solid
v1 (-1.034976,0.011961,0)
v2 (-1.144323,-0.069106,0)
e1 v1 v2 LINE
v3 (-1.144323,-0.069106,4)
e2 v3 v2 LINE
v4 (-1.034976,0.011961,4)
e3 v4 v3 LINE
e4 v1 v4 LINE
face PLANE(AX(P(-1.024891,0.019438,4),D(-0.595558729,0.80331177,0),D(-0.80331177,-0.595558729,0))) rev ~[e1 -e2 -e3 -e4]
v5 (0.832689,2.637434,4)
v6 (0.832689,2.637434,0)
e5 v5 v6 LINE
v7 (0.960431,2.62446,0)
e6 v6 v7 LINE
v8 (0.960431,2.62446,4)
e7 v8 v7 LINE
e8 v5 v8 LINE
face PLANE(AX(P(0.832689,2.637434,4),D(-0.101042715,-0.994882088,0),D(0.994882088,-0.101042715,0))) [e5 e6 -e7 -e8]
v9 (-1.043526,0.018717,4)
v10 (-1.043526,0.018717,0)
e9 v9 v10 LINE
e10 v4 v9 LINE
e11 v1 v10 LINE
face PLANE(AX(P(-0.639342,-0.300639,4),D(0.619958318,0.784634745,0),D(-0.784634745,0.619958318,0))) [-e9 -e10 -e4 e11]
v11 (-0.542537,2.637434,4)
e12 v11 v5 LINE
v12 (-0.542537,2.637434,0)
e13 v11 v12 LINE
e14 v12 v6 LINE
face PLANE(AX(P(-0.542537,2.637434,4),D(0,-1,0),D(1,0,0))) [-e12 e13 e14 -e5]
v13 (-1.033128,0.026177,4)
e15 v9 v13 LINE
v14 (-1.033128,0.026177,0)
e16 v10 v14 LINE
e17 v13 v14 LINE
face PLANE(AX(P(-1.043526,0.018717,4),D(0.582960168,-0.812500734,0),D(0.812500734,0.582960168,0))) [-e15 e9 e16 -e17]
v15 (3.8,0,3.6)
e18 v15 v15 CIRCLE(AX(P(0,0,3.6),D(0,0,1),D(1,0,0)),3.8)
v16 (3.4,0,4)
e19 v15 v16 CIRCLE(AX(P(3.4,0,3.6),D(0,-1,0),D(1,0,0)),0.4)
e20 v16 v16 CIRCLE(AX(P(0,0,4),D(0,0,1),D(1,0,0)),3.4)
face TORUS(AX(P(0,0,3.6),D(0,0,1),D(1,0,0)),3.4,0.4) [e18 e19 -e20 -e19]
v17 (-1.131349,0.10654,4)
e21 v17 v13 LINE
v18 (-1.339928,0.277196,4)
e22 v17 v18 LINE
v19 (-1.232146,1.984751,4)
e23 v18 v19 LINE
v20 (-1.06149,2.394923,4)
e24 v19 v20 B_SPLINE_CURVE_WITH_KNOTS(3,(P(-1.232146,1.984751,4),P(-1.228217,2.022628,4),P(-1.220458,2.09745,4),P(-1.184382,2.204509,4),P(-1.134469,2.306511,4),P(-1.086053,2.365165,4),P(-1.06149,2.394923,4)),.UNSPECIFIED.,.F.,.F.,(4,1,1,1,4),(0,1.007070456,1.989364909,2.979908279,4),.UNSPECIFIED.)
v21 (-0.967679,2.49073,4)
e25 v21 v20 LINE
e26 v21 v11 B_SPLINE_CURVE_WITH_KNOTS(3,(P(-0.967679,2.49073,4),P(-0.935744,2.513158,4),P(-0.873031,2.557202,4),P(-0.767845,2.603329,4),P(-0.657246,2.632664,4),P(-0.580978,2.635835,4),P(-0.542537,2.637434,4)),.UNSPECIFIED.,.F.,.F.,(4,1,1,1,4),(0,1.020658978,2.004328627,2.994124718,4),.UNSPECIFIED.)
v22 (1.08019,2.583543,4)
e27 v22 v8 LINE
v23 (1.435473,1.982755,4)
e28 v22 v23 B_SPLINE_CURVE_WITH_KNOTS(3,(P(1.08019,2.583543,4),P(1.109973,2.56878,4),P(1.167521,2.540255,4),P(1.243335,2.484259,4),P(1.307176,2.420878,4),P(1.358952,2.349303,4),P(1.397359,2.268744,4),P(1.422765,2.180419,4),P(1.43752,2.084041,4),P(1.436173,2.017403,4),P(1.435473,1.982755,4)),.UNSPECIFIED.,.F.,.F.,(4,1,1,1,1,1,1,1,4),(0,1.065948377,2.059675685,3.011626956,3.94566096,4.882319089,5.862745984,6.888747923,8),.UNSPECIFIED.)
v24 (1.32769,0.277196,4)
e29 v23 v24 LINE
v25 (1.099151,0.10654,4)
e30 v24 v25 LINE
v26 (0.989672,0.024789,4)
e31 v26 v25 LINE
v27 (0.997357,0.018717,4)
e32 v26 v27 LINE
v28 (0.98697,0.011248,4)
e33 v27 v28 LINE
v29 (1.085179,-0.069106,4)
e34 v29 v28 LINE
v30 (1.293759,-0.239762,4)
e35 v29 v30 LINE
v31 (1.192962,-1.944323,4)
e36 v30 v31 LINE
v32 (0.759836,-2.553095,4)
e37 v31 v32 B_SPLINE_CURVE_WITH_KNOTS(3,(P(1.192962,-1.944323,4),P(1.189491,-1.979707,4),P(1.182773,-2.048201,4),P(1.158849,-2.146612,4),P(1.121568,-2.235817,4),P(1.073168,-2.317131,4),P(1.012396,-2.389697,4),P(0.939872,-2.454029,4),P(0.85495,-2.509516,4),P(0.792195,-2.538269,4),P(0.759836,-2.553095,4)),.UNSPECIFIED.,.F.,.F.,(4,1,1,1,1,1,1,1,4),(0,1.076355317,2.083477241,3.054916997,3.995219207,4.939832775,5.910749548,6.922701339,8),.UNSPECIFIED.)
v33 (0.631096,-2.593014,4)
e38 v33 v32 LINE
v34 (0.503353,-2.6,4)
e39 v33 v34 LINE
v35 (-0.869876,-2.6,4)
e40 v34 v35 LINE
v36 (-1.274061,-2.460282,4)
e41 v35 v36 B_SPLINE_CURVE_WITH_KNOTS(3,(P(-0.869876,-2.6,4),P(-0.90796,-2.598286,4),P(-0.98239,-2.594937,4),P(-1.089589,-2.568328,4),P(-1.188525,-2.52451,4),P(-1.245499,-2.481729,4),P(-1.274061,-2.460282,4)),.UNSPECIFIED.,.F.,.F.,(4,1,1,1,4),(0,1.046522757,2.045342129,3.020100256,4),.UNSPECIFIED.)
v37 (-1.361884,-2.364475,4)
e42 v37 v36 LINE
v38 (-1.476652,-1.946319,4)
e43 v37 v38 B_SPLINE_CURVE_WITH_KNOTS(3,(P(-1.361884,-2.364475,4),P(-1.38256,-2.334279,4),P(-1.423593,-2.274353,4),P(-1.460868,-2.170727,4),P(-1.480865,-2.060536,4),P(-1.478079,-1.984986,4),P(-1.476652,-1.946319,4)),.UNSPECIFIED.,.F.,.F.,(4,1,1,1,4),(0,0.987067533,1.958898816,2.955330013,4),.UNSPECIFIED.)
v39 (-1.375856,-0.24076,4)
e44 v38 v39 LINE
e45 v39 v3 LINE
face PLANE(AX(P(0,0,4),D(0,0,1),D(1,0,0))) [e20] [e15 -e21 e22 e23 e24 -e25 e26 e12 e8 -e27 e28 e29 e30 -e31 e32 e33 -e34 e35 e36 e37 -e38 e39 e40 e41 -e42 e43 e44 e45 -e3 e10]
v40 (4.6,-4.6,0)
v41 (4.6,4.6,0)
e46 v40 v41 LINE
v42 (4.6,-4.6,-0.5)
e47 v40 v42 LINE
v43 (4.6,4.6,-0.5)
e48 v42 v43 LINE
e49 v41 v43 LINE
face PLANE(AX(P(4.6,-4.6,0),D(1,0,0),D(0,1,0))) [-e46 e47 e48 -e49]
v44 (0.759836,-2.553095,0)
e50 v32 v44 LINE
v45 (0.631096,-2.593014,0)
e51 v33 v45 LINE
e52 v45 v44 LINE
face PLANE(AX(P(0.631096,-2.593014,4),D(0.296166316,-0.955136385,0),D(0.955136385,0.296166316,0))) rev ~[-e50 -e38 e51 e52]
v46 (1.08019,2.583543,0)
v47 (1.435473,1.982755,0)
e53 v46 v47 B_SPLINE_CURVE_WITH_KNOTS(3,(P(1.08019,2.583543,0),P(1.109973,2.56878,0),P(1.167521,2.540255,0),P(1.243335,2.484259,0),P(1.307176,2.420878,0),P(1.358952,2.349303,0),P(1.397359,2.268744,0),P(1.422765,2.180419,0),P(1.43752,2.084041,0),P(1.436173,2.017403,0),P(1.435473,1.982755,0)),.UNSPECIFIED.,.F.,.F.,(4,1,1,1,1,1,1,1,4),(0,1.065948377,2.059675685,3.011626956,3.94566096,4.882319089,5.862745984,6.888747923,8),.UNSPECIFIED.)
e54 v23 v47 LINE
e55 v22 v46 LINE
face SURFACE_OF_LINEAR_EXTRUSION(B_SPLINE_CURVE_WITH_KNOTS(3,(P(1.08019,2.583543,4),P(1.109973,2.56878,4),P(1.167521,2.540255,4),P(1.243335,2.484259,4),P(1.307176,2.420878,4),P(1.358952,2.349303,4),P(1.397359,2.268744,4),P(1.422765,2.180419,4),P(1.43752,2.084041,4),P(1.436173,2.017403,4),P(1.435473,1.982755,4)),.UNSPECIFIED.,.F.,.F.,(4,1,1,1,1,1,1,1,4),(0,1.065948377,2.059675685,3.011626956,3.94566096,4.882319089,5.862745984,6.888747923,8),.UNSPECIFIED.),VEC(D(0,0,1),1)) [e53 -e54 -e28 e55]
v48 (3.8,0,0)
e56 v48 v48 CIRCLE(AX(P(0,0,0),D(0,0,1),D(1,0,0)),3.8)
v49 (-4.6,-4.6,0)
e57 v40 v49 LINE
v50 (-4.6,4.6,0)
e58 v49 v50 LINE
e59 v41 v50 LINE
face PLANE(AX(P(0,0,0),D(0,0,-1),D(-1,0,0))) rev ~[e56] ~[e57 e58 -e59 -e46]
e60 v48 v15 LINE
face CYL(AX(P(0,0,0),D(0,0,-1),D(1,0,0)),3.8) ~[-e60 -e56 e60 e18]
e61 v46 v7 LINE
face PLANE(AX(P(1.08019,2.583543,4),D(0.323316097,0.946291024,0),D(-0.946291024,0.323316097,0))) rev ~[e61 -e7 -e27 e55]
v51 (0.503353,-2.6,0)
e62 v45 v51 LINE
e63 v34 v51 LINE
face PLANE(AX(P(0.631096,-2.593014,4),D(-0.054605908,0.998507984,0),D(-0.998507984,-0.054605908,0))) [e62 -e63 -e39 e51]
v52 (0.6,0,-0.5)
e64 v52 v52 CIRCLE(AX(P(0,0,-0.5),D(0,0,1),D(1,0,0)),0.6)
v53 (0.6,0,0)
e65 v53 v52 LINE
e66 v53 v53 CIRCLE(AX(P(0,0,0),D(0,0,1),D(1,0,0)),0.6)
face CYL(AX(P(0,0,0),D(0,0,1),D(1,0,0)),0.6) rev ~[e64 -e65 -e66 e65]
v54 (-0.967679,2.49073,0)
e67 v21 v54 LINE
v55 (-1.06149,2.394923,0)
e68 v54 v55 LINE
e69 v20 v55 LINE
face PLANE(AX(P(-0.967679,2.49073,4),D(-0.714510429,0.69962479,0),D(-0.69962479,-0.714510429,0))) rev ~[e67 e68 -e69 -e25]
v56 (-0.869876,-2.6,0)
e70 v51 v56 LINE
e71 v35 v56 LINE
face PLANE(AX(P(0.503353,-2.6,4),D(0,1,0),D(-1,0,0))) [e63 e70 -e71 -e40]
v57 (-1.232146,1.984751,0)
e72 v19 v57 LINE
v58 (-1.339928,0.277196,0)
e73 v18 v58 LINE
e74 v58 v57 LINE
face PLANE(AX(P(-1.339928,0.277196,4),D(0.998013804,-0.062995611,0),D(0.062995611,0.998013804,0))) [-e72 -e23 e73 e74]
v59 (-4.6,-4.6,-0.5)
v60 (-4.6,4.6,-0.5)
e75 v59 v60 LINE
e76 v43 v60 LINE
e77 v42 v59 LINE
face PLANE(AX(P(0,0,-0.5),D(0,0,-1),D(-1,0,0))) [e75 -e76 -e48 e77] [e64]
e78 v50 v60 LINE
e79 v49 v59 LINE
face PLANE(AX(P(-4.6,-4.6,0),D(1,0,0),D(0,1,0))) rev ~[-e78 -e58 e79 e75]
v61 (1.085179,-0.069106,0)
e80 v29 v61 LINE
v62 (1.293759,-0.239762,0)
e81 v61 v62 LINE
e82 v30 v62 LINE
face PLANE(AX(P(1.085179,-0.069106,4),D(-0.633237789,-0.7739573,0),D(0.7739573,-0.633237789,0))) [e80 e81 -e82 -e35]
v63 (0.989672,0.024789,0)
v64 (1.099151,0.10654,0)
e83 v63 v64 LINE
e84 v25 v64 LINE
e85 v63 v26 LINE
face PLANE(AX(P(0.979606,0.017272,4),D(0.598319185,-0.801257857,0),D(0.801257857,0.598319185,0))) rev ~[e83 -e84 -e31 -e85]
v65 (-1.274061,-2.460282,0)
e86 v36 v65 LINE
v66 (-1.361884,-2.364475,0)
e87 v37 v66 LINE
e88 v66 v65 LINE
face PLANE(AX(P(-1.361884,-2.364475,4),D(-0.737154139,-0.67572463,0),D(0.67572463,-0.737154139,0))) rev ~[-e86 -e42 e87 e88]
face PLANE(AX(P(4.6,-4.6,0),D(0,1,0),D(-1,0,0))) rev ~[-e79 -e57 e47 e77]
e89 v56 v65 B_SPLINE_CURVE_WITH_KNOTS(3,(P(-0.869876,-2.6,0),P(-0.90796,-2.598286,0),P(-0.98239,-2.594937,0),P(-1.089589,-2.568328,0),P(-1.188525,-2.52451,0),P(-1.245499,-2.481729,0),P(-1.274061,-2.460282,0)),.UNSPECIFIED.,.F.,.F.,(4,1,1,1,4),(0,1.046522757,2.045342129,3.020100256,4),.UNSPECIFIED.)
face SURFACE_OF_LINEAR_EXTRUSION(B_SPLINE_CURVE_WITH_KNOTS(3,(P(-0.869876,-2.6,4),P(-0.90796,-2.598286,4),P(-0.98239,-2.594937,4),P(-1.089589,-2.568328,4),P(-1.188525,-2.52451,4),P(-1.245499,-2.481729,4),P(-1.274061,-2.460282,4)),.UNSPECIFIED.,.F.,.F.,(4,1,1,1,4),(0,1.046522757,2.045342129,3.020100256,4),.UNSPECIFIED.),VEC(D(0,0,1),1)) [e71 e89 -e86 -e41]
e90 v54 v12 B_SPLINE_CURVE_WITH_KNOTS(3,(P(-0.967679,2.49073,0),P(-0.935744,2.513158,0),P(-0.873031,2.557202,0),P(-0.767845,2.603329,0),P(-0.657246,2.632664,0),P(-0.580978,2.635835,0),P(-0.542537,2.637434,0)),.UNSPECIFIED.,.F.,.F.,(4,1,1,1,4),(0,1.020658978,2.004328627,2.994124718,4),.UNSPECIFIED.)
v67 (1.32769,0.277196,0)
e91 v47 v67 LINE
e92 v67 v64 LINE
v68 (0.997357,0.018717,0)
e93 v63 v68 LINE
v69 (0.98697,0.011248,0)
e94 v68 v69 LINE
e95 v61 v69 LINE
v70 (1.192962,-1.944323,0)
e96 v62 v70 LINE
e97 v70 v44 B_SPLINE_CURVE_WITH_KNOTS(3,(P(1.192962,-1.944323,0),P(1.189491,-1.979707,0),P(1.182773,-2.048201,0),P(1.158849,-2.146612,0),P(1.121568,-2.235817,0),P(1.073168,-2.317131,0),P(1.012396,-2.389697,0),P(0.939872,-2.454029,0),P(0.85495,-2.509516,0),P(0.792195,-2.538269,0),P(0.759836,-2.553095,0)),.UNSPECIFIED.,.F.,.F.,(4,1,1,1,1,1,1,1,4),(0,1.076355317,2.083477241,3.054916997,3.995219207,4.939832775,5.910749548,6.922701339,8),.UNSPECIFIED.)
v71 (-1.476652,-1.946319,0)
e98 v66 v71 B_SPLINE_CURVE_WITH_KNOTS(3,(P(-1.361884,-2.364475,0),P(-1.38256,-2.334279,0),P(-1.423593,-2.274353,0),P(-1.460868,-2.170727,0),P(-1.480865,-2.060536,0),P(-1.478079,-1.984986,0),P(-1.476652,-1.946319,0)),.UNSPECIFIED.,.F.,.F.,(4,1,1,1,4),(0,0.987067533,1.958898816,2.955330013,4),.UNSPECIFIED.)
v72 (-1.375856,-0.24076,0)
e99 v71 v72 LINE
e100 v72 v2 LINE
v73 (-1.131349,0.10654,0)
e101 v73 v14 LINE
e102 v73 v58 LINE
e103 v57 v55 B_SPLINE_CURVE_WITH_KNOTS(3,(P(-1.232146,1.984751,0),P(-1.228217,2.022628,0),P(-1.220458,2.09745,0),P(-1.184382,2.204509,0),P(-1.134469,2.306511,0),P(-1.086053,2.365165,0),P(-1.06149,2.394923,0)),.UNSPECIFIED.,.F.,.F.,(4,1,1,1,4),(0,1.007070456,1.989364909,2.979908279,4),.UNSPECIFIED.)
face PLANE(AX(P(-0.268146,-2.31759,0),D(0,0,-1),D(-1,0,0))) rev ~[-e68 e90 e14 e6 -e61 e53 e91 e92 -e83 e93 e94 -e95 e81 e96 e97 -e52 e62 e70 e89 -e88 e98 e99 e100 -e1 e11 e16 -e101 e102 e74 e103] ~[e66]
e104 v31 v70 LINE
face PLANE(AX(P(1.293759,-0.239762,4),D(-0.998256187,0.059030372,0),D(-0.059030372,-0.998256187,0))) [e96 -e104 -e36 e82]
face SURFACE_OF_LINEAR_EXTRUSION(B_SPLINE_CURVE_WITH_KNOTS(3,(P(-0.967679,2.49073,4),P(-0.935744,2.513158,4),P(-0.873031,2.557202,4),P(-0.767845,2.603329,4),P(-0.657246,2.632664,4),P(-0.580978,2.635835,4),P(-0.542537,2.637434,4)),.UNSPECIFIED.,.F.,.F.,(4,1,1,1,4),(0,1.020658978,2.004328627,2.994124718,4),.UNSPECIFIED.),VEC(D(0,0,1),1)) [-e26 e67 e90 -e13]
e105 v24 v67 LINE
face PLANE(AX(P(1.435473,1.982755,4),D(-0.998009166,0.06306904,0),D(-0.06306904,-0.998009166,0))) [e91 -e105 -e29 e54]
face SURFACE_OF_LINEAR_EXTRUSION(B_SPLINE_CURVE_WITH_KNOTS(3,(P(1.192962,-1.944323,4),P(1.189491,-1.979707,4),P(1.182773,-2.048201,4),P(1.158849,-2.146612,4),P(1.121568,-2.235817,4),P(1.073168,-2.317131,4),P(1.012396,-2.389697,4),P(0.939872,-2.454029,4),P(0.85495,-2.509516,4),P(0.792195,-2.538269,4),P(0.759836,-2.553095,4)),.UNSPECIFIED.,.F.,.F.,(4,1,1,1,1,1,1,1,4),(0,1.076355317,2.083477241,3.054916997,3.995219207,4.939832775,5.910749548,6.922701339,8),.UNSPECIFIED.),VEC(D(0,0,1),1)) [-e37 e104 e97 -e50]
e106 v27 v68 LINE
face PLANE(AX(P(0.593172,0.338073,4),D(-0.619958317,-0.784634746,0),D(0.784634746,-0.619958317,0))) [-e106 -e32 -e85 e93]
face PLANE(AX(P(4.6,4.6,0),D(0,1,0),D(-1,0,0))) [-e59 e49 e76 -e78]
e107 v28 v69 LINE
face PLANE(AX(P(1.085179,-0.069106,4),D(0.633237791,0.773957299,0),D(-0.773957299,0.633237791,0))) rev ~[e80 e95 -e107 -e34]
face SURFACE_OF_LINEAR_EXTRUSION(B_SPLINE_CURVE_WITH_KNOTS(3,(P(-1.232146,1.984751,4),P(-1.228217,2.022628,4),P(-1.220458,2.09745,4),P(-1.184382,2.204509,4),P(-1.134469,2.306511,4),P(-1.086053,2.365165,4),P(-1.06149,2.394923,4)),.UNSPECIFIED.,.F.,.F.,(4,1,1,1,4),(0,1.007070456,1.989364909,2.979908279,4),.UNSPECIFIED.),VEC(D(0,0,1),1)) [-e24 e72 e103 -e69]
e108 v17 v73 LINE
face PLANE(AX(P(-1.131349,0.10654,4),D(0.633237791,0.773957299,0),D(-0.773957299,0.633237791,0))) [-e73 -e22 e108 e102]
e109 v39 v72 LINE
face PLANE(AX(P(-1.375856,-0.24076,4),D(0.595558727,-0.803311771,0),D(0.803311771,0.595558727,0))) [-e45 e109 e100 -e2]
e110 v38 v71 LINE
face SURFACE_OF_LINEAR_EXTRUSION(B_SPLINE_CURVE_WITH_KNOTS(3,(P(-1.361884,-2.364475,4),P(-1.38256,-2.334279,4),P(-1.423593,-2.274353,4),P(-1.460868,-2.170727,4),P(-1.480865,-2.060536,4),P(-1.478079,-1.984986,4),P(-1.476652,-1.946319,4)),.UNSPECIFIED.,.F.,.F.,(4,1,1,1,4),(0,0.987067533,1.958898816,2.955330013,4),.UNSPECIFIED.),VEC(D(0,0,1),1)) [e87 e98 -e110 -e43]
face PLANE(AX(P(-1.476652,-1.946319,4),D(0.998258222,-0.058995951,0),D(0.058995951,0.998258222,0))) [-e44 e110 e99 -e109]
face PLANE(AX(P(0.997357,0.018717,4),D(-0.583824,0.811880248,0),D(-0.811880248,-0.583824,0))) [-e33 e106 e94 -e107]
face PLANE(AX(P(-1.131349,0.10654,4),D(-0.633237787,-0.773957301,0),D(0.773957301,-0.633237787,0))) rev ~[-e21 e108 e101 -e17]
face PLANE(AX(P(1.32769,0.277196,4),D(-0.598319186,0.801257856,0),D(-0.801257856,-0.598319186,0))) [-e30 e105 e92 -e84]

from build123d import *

# Parameters (mm, degrees)
SKETCH_1_R          = 3.8
EXTRUDE_1_DEPTH     = 4
SKETCH_2_W          = 9.2
SKETCH_2_H          = 9.2
EXTRUDE_2_DEPTH     = 0.5
FILLET_1_R          = 0.4
CUT_EXTRUDE_1_DEPTH = 4
CUT_EXTRUDE_2_DEPTH = 4
SKETCH_6_R          = 0.6
CUT_EXTRUDE_3_DEPTH = 8.636753289


with BuildPart() as part:
    # Эскиз1 → Бобышка-Вытянуть1 (new body)
    with BuildSketch(Plane.XY):
        Circle(SKETCH_1_R)
    extrude(amount=EXTRUDE_1_DEPTH)

    # Эскиз2 → Бобышка-Вытянуть2 (add)
    with BuildSketch(Plane(origin=(0, 0, 0), x_dir=(-1, 0, 0), z_dir=(0, 0, -1))):
        Rectangle(SKETCH_2_W, SKETCH_2_H)
    extrude(amount=EXTRUDE_2_DEPTH)

    # Скругление1
    fillet_1_edges = [part.edges().sort_by_distance(p)[0] for p in [
        (-3.8, 0, 4),
    ]]
    fillet(fillet_1_edges, radius=FILLET_1_R)

    # Эскиз3 → Вырез-Вытянуть1 (cut)
    with BuildSketch(Plane.XY.offset(4)):
        with BuildLine():
            Line((0.690974718, 1.998722557), (-0.494633441, 1.998722557))
            Line((-0.494633441, 1.998722557), (-0.967679121, 2.490729983))
            add(Edge.make_bspline(
                [(-0.967679121, 2.490729983), (-0.935743796, 2.513158419), (-0.873030504, 2.557202469), (-0.767844988, 2.603328706), (-0.657245689, 2.632663902), (-0.580977928, 2.635835465), (-0.542536801, 2.637434023)],
                knots=[0, 0, 0, 0, 1.020658978, 2.004328627, 2.994124718, 4, 4, 4, 4], degree=3))
            Line((-0.542536801, 2.637434023), (0.832688825, 2.637434023))
            Line((0.832688825, 2.637434023), (0.960431118, 2.624460196))
            Line((0.960431118, 2.624460196), (0.690974718, 1.998722557))
        make_face()
        with BuildLine():
            Line((0.783787478, 1.88096013), (1.080189518, 2.583542743))
            add(Edge.make_bspline(
                [(1.080189518, 2.583542743), (1.109972559, 2.568779947), (1.167520755, 2.540254577), (1.243334529, 2.484258604), (1.307175652, 2.420878144), (1.358952297, 2.349302652), (1.397359267, 2.268743846), (1.422764532, 2.180418501), (1.437519643, 2.084041158), (1.436172967, 2.017402915), (1.435472771, 1.98275477)],
                knots=[0, 0, 0, 0, 1.065948377, 2.059675685, 3.011626956, 3.94566096, 4.882319089, 5.862745984, 6.888747923, 8, 8, 8, 8], degree=3))
            Line((1.435472771, 1.98275477), (1.327690211, 0.277195558))
            Line((1.327690211, 0.277195558), (1.099151265, 0.106539838))
            Line((1.099151265, 0.106539838), (0.689976732, 0.433879465))
            Line((0.689976732, 0.433879465), (0.783787478, 1.88096013))
        make_face()
        with BuildLine():
            Line((0.639079412, -0.397443428), (1.085179451, -0.069105815))
            Line((1.085179451, -0.069105815), (1.293758665, -0.239761535))
            Line((1.293758665, -0.239761535), (1.192962011, -1.94432276))
            add(Edge.make_bspline(
                [(1.192962011, -1.94432276), (1.189491314, -1.97970738), (1.182773161, -2.048200607), (1.158848827, -2.146611673), (1.121568365, -2.235816828), (1.073168163, -2.317130934), (1.012395956, -2.389697225), (0.939872486, -2.454028672), (0.854949528, -2.509516087), (0.79219465, -2.538268676), (0.759835798, -2.553094627)],
                knots=[0, 0, 0, 0, 1.076355317, 2.083477241, 3.054916997, 3.995219207, 4.939832775, 5.910749548, 6.922701339, 8, 8, 8, 8], degree=3))
            Line((0.759835798, -2.553094627), (0.544270678, -1.848516041))
            Line((0.544270678, -1.848516041), (0.639079412, -0.397443428))
        make_face()
        with BuildLine():
            Line((-0.742134134, -1.961288534), (0.442476038, -1.961288534))
            Line((0.442476038, -1.961288534), (0.631095518, -2.593014093))
            Line((0.631095518, -2.593014093), (0.503353225, -2.6))
            Line((0.503353225, -2.6), (-0.869876427, -2.6))
            add(Edge.make_bspline(
                [(-0.869876427, -2.6), (-0.907959732, -2.598286355), (-0.982390401, -2.594937176), (-1.089588752, -2.568328401), (-1.188525215, -2.524510079), (-1.245499134, -2.481728782), (-1.274061027, -2.460281867)],
                knots=[0, 0, 0, 0, 1.046522757, 2.045342129, 3.020100256, 4, 4, 4, 4], degree=3))
            Line((-1.274061027, -2.460281867), (-0.742134134, -1.961288534))
        make_face()
        with BuildLine():
            Line((-0.827960987, -1.857497921), (-1.361883854, -2.364475147))
            add(Edge.make_bspline(
                [(-1.361883854, -2.364475147), (-1.382559986, -2.334279014), (-1.423593096, -2.274352853), (-1.460868358, -2.170727201), (-1.480865064, -2.060535537), (-1.47807852, -1.984986172), (-1.47665232, -1.946318734)],
                knots=[0, 0, 0, 0, 0.987067533, 1.958898816, 2.955330013, 4, 4, 4, 4], degree=3))
            Line((-1.47665232, -1.946318734), (-1.375855667, -0.240759522))
            Line((-1.375855667, -0.240759522), (-1.14432276, -0.069105815))
            Line((-1.14432276, -0.069105815), (-0.733152254, -0.398441415))
            Line((-0.733152254, -0.398441415), (-0.827960987, -1.857497921))
        make_face()
        with BuildLine():
            Line((-0.684250907, 0.434877451), (-1.131348934, 0.106539838))
            Line((-1.131348934, 0.106539838), (-1.339928147, 0.277195558))
            Line((-1.339928147, 0.277195558), (-1.232145587, 1.984750744))
            add(Edge.make_bspline(
                [(-1.232145587, 1.984750744), (-1.228217454, 2.022627769), (-1.220457829, 2.097449969), (-1.184381891, 2.204509013), (-1.134468518, 2.306511141), (-1.086053255, 2.365165228), (-1.061489867, 2.394923263)],
                knots=[0, 0, 0, 0, 1.007070456, 1.989364909, 2.979908279, 4, 4, 4, 4], degree=3))
            Line((-1.061489867, 2.394923263), (-0.590440161, 1.888944024))
            Line((-0.590440161, 1.888944024), (-0.684250907, 0.434877451))
        make_face()
        Polygon((-1.043526107, 0.018717012), (-0.598424054, 0.338072745), (0.593172025, 0.338072745), (0.997356625, 0.018717012), (0.553252558, -0.300638722), (-0.639341507, -0.300638722), align=None)
    extrude(amount=-CUT_EXTRUDE_1_DEPTH, mode=Mode.SUBTRACT)

    # Эскиз5 → Вырез-Вытянуть2 (cut)
    with BuildSketch(Plane.XY.offset(4)):
        with BuildLine():
            Line((1.080189518, 2.583542743), (0.960431118, 2.624460196))
            Line((0.960431118, 2.624460196), (0.832688825, 2.637434023))
            Line((0.832688825, 2.637434023), (-0.542536801, 2.637434023))
            add(Edge.make_bspline(
                [(-0.967679121, 2.490729983), (-0.935743796, 2.513158419), (-0.873030504, 2.557202469), (-0.767844988, 2.603328706), (-0.657245689, 2.632663902), (-0.580977928, 2.635835465), (-0.542536801, 2.637434023)],
                knots=[0, 0, 0, 0, 0.255164744, 0.501082157, 0.74853118, 1, 1, 1, 1], degree=3))
            Line((-0.967679121, 2.490729983), (-1.061489867, 2.394923263))
            add(Edge.make_bspline(
                [(-1.232145587, 1.984750744), (-1.228217454, 2.022627769), (-1.220457829, 2.097449969), (-1.184381891, 2.204509013), (-1.134468518, 2.306511141), (-1.086053255, 2.365165228), (-1.061489867, 2.394923263)],
                knots=[0, 0, 0, 0, 0.251767614, 0.497341227, 0.74497707, 1, 1, 1, 1], degree=3))
            Line((-1.232145587, 1.984750744), (-1.339928147, 0.277195558))
            Line((-1.339928147, 0.277195558), (-1.131348934, 0.106539838))
            Line((-1.131348934, 0.106539838), (-1.024891339, 0.01943817))
            Line((-1.024891339, 0.01943817), (-1.14432276, -0.069105815))
            Line((-1.14432276, -0.069105815), (-1.375855667, -0.240759522))
            Line((-1.375855667, -0.240759522), (-1.47665232, -1.946318734))
            add(Edge.make_bspline(
                [(-1.361883854, -2.364475147), (-1.382559986, -2.334279014), (-1.423593096, -2.274352853), (-1.460868358, -2.170727201), (-1.480865064, -2.060535537), (-1.47807852, -1.984986172), (-1.47665232, -1.946318734)],
                knots=[0, 0, 0, 0, 0.246766883, 0.489724704, 0.738832503, 1, 1, 1, 1], degree=3))
            Line((-1.361883854, -2.364475147), (-1.274061027, -2.460281867))
            add(Edge.make_bspline(
                [(-0.869876427, -2.6), (-0.907959732, -2.598286355), (-0.982390401, -2.594937176), (-1.089588752, -2.568328401), (-1.188525215, -2.524510079), (-1.245499134, -2.481728782), (-1.274061027, -2.460281867)],
                knots=[0, 0, 0, 0, 0.261630689, 0.511335532, 0.755025064, 1, 1, 1, 1], degree=3))
            Line((-0.869876427, -2.6), (0.503353225, -2.6))
            Line((0.503353225, -2.6), (0.631095518, -2.593014093))
            Line((0.631095518, -2.593014093), (0.759835798, -2.553094627))
            add(Edge.make_bspline(
                [(1.192962011, -1.94432276), (1.189491314, -1.97970738), (1.182773161, -2.048200607), (1.158848827, -2.146611673), (1.121568365, -2.235816828), (1.073168163, -2.317130934), (1.012395956, -2.389697225), (0.939872486, -2.454028672), (0.854949528, -2.509516087), (0.79219465, -2.538268676), (0.759835798, -2.553094627)],
                knots=[0, 0, 0, 0, 0.134544415, 0.260434655, 0.381864625, 0.499402401, 0.617479097, 0.738843694, 0.865337667, 1, 1, 1, 1], degree=3))
            Line((1.192962011, -1.94432276), (1.293758665, -0.239761535))
            Line((1.293758665, -0.239761535), (1.085179451, -0.069105815))
            Line((1.085179451, -0.069105815), (0.979606032, 0.017272437))
            Line((0.979606032, 0.017272437), (1.099151265, 0.106539838))
            Line((1.099151265, 0.106539838), (1.327690211, 0.277195558))
            Line((1.327690211, 0.277195558), (1.435472771, 1.98275477))
            add(Edge.make_bspline(
                [(1.080189518, 2.583542743), (1.109972559, 2.568779947), (1.167520755, 2.540254577), (1.243334529, 2.484258604), (1.307175652, 2.420878144), (1.358952297, 2.349302652), (1.397359267, 2.268743846), (1.422764532, 2.180418501), (1.437519643, 2.084041158), (1.436172967, 2.017402915), (1.435472771, 1.98275477)],
                knots=[0, 0, 0, 0, 0.133243547, 0.257459461, 0.376453369, 0.49320762, 0.610289886, 0.732843248, 0.86109349, 1, 1, 1, 1], degree=3))
        make_face()
    extrude(amount=-CUT_EXTRUDE_2_DEPTH, mode=Mode.SUBTRACT)

    # Эскиз6 → Вырез-Вытянуть3 (cut, through all)
    with BuildSketch(Plane.XY):
        Circle(SKETCH_6_R)
    extrude(amount=-CUT_EXTRUDE_3_DEPTH, mode=Mode.SUBTRACT)


solid = part.part
